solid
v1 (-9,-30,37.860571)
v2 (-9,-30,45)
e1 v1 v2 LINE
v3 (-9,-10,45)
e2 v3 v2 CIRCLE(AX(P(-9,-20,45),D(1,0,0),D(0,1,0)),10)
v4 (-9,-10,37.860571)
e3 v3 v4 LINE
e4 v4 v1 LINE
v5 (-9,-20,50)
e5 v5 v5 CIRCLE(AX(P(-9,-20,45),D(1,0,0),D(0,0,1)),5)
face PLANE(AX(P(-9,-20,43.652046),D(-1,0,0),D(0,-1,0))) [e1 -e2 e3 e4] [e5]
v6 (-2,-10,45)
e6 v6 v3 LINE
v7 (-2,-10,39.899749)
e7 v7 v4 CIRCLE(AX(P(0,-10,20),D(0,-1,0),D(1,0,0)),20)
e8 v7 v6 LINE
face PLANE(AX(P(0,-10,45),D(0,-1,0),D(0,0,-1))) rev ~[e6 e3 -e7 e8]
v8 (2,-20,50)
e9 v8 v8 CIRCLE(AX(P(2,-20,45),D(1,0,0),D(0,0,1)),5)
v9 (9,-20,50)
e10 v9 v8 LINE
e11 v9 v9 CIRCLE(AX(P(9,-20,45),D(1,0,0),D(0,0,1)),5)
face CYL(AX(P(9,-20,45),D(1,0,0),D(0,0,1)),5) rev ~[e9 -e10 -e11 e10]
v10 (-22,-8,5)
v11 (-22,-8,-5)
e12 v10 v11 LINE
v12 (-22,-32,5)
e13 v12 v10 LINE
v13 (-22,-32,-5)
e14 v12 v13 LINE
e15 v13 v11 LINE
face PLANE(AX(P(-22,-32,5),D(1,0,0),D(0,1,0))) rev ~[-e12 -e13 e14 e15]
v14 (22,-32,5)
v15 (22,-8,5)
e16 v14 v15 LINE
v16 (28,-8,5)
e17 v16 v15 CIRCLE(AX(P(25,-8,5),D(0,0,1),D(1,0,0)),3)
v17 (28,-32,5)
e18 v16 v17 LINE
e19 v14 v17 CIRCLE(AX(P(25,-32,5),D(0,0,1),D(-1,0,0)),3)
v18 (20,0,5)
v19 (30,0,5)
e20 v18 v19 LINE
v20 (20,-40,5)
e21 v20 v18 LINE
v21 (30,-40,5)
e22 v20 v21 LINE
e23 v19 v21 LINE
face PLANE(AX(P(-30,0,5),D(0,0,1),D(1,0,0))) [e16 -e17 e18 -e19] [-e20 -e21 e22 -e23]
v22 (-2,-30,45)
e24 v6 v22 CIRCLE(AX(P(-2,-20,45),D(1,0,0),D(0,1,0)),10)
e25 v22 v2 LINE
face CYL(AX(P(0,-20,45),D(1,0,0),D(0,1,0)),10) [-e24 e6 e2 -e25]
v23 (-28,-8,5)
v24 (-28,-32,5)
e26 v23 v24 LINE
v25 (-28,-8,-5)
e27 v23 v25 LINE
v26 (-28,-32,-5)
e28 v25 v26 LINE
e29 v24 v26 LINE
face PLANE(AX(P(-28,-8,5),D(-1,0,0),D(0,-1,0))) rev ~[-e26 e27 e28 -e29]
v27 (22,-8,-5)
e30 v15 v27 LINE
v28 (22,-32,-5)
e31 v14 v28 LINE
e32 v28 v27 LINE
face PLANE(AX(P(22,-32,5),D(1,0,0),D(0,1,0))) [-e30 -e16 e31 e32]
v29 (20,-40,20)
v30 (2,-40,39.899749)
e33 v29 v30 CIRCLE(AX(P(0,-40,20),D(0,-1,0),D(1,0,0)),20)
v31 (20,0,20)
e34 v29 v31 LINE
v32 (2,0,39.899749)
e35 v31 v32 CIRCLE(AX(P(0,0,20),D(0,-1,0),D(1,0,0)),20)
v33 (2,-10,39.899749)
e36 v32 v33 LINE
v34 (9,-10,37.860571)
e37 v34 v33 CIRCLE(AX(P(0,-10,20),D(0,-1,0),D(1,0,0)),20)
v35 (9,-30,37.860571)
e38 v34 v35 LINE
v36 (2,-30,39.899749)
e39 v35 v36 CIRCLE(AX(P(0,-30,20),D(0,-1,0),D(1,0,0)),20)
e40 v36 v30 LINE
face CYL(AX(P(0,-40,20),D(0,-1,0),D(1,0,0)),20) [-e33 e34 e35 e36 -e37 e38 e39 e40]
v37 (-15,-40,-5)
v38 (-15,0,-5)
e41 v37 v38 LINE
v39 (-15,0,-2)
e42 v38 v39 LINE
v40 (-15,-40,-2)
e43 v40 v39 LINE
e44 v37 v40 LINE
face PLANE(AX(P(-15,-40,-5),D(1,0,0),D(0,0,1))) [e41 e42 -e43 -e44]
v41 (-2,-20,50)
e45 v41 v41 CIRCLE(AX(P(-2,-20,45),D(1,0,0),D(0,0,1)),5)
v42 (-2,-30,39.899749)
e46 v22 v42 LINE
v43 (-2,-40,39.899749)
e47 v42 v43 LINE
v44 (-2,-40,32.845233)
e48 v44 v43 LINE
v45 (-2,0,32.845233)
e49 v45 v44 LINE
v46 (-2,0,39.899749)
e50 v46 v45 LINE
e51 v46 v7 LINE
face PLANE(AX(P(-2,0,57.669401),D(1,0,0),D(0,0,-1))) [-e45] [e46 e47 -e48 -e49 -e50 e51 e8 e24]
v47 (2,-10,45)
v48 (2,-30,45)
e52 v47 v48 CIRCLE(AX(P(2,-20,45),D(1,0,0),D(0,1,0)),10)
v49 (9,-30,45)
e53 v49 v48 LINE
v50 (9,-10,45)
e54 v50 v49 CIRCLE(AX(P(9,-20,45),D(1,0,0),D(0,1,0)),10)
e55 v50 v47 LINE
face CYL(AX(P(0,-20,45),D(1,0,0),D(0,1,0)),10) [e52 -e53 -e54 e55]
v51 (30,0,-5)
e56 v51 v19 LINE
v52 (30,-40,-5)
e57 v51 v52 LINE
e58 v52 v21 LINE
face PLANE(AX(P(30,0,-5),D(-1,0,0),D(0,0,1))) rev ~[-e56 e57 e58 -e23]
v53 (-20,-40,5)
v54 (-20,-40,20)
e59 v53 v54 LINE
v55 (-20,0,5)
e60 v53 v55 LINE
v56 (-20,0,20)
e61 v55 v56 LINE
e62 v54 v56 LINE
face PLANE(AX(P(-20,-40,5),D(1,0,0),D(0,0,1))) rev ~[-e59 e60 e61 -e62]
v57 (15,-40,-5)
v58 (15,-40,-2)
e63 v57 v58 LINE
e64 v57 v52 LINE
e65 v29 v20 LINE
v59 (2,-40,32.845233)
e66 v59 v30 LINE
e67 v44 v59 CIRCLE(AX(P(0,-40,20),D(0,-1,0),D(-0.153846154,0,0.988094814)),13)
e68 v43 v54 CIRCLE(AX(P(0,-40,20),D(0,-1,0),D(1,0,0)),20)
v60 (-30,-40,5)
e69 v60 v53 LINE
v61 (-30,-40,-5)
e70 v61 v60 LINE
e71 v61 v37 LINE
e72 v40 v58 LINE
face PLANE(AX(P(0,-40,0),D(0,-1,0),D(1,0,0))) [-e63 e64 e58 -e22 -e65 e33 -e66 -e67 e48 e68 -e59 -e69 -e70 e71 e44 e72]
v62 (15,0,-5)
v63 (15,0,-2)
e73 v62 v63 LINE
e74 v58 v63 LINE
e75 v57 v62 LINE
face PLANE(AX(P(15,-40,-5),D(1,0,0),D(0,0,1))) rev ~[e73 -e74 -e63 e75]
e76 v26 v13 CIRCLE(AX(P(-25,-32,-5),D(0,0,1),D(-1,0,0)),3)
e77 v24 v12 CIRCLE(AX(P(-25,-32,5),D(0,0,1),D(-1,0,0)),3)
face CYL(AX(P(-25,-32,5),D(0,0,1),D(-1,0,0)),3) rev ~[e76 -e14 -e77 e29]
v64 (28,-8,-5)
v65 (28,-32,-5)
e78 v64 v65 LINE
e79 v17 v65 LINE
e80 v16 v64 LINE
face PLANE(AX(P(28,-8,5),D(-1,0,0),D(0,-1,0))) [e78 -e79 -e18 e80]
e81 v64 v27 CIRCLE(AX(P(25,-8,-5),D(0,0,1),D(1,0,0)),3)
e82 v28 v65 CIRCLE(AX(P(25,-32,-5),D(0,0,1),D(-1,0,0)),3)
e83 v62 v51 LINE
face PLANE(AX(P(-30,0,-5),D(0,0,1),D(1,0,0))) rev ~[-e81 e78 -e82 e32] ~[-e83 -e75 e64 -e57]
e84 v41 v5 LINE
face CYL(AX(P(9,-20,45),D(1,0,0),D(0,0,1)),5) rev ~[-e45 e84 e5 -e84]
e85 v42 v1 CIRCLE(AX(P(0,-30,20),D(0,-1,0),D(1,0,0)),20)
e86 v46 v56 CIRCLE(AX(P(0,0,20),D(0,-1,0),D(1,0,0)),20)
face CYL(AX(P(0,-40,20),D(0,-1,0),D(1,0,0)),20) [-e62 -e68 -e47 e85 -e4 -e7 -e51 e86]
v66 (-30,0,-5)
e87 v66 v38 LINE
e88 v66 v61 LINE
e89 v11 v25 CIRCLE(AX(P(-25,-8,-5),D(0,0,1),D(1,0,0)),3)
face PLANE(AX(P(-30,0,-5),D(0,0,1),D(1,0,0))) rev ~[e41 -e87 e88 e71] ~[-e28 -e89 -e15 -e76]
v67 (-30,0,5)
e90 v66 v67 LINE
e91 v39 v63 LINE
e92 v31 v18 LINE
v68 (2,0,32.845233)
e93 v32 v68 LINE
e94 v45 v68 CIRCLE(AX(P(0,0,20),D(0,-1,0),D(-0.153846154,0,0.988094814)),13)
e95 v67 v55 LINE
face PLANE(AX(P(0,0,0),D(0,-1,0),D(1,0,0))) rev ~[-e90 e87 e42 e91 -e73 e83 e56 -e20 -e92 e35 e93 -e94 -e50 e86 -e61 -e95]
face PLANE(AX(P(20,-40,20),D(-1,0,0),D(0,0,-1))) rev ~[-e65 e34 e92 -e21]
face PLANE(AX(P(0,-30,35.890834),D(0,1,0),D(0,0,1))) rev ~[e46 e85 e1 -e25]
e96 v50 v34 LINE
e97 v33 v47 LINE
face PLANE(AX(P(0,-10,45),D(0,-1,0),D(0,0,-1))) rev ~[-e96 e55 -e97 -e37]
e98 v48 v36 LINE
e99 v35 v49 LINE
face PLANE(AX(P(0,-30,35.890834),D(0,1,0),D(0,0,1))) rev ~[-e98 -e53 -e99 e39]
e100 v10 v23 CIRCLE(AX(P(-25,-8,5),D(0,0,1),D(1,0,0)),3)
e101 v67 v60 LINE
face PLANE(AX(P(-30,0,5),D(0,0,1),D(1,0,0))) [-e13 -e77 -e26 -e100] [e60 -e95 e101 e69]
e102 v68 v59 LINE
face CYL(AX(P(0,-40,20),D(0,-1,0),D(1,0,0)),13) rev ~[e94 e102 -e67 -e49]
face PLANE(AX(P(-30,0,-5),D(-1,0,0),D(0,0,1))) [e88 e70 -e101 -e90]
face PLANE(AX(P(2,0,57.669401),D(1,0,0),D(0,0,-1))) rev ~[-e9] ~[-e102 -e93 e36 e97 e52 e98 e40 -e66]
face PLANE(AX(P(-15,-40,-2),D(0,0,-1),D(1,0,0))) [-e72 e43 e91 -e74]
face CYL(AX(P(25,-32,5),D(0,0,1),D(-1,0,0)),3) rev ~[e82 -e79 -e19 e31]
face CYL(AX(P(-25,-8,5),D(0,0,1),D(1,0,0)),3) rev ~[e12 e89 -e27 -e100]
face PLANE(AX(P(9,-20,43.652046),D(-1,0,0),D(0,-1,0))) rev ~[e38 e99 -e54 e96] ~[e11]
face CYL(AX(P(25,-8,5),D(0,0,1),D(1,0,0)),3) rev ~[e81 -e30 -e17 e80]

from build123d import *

# Parameters (mm, degrees)
SKETCH_W             = 60
SKETCH_H             = 10
PAD_DEPTH            = 40
PAD001_DEPTH         = 40
SKETCH002_R          = 13
POCKET_DEPTH         = 40
SKETCH003_W          = 30
SKETCH003_H          = 3
POCKET001_DEPTH      = 40.001
POCKET002_DEPTH      = 10.001
POCKET002_DEPTH_BACK = 35.001
PAD002_DEPTH         = 9
SKETCH009_R          = 5
POCKET003_DEPTH      = 18
SKETCH010_W          = 4
SKETCH010_H          = 32.761701
POCKET004_DEPTH      = 40.001


with BuildPart() as part:
    # Sketch → Pad (new body)
    with BuildSketch(Plane.XZ):
        Rectangle(SKETCH_W, SKETCH_H)
    extrude(amount=PAD_DEPTH)

    # Sketch001 (on DatumPlane) → Pad001 (join)
    with BuildSketch(Plane.XZ.offset(40)):
        with BuildLine():
            Line((-20, 5), (-20, 20))
            ThreePointArc((20, 20), (0, 40), (-20, 20))
            Line((20, 20), (20, 5))
            Line((20, 5), (-20, 5))
        make_face()
    extrude(amount=-PAD001_DEPTH)

    # Sketch002 (on DatumPlane) → Pocket (cut)
    with BuildSketch(Plane.XZ.offset(40)):
        with Locations((0, 20)):
            Circle(SKETCH002_R)
    extrude(amount=-POCKET_DEPTH, mode=Mode.SUBTRACT)

    # Sketch003 (on DatumPlane) → Pocket001 (cut, through all)
    with BuildSketch(Plane.XZ.offset(40)):
        with Locations((0, -3.5)):
            Rectangle(SKETCH003_W, SKETCH003_H)
    extrude(amount=-POCKET001_DEPTH, mode=Mode.SUBTRACT)

    # Sketch004 (on DatumPlane) → Pocket002 (cut, two sides)
    with BuildSketch(Plane(origin=(0, 0, 5), x_dir=(-1, 0, 0), z_dir=(0, 0, 1))) as pocket002_sk:
        with BuildLine():
            Line((-28, 8), (-28, 32))
            ThreePointArc((-22, 32), (-25, 35), (-28, 32))
            Line((-22, 32), (-22, 8))
            ThreePointArc((-28, 8), (-25, 5), (-22, 8))
        make_face()
        with BuildLine():
            ThreePointArc((28, 32), (25, 35), (22, 32))
            Line((22, 32), (22, 8))
            ThreePointArc((22, 8), (25, 5), (28, 8))
            Line((28, 8), (28, 32))
        make_face()
    extrude(amount=-POCKET002_DEPTH, mode=Mode.SUBTRACT)
    extrude(pocket002_sk.sketch, amount=POCKET002_DEPTH_BACK, mode=Mode.SUBTRACT)

    # Sketch008 (on DatumPlane) → Pad002 (join, symmetric)
    with BuildSketch(Plane(origin=(0, 0, 20.554794), x_dir=(0, 1, 0), z_dir=(1, 0, 0))):
        with BuildLine():
            Line((-30, 15.33604), (-30, 24.445206))
            ThreePointArc((-10, 24.445206), (-20, 34.445206), (-30, 24.445206))
            Line((-10, 24.445206), (-10, 15.33604))
            Line((-10, 15.33604), (-30, 15.33604))
        make_face()
    extrude(amount=PAD002_DEPTH, both=True)

    # Sketch009 (on Face26 of Pad002) → Pocket003 (cut)
    with BuildSketch(Plane(origin=(9, 0, 0), x_dir=(0, 0, 1), z_dir=(1, 0, 0))):
        with Locations((45, 20)):
            Circle(SKETCH009_R)
    extrude(amount=-POCKET003_DEPTH, mode=Mode.SUBTRACT)

    # Sketch010 (on Face17 of Pocket003) → Pocket004 (cut, through all)
    with BuildSketch(Plane(origin=(0, 0, 0), x_dir=(1, 0, 0), z_dir=(0, 1, 0))):
        with Locations((0, -41.28855)):
            Rectangle(SKETCH010_W, SKETCH010_H)
    extrude(amount=-POCKET004_DEPTH, mode=Mode.SUBTRACT)


solid = part.part
